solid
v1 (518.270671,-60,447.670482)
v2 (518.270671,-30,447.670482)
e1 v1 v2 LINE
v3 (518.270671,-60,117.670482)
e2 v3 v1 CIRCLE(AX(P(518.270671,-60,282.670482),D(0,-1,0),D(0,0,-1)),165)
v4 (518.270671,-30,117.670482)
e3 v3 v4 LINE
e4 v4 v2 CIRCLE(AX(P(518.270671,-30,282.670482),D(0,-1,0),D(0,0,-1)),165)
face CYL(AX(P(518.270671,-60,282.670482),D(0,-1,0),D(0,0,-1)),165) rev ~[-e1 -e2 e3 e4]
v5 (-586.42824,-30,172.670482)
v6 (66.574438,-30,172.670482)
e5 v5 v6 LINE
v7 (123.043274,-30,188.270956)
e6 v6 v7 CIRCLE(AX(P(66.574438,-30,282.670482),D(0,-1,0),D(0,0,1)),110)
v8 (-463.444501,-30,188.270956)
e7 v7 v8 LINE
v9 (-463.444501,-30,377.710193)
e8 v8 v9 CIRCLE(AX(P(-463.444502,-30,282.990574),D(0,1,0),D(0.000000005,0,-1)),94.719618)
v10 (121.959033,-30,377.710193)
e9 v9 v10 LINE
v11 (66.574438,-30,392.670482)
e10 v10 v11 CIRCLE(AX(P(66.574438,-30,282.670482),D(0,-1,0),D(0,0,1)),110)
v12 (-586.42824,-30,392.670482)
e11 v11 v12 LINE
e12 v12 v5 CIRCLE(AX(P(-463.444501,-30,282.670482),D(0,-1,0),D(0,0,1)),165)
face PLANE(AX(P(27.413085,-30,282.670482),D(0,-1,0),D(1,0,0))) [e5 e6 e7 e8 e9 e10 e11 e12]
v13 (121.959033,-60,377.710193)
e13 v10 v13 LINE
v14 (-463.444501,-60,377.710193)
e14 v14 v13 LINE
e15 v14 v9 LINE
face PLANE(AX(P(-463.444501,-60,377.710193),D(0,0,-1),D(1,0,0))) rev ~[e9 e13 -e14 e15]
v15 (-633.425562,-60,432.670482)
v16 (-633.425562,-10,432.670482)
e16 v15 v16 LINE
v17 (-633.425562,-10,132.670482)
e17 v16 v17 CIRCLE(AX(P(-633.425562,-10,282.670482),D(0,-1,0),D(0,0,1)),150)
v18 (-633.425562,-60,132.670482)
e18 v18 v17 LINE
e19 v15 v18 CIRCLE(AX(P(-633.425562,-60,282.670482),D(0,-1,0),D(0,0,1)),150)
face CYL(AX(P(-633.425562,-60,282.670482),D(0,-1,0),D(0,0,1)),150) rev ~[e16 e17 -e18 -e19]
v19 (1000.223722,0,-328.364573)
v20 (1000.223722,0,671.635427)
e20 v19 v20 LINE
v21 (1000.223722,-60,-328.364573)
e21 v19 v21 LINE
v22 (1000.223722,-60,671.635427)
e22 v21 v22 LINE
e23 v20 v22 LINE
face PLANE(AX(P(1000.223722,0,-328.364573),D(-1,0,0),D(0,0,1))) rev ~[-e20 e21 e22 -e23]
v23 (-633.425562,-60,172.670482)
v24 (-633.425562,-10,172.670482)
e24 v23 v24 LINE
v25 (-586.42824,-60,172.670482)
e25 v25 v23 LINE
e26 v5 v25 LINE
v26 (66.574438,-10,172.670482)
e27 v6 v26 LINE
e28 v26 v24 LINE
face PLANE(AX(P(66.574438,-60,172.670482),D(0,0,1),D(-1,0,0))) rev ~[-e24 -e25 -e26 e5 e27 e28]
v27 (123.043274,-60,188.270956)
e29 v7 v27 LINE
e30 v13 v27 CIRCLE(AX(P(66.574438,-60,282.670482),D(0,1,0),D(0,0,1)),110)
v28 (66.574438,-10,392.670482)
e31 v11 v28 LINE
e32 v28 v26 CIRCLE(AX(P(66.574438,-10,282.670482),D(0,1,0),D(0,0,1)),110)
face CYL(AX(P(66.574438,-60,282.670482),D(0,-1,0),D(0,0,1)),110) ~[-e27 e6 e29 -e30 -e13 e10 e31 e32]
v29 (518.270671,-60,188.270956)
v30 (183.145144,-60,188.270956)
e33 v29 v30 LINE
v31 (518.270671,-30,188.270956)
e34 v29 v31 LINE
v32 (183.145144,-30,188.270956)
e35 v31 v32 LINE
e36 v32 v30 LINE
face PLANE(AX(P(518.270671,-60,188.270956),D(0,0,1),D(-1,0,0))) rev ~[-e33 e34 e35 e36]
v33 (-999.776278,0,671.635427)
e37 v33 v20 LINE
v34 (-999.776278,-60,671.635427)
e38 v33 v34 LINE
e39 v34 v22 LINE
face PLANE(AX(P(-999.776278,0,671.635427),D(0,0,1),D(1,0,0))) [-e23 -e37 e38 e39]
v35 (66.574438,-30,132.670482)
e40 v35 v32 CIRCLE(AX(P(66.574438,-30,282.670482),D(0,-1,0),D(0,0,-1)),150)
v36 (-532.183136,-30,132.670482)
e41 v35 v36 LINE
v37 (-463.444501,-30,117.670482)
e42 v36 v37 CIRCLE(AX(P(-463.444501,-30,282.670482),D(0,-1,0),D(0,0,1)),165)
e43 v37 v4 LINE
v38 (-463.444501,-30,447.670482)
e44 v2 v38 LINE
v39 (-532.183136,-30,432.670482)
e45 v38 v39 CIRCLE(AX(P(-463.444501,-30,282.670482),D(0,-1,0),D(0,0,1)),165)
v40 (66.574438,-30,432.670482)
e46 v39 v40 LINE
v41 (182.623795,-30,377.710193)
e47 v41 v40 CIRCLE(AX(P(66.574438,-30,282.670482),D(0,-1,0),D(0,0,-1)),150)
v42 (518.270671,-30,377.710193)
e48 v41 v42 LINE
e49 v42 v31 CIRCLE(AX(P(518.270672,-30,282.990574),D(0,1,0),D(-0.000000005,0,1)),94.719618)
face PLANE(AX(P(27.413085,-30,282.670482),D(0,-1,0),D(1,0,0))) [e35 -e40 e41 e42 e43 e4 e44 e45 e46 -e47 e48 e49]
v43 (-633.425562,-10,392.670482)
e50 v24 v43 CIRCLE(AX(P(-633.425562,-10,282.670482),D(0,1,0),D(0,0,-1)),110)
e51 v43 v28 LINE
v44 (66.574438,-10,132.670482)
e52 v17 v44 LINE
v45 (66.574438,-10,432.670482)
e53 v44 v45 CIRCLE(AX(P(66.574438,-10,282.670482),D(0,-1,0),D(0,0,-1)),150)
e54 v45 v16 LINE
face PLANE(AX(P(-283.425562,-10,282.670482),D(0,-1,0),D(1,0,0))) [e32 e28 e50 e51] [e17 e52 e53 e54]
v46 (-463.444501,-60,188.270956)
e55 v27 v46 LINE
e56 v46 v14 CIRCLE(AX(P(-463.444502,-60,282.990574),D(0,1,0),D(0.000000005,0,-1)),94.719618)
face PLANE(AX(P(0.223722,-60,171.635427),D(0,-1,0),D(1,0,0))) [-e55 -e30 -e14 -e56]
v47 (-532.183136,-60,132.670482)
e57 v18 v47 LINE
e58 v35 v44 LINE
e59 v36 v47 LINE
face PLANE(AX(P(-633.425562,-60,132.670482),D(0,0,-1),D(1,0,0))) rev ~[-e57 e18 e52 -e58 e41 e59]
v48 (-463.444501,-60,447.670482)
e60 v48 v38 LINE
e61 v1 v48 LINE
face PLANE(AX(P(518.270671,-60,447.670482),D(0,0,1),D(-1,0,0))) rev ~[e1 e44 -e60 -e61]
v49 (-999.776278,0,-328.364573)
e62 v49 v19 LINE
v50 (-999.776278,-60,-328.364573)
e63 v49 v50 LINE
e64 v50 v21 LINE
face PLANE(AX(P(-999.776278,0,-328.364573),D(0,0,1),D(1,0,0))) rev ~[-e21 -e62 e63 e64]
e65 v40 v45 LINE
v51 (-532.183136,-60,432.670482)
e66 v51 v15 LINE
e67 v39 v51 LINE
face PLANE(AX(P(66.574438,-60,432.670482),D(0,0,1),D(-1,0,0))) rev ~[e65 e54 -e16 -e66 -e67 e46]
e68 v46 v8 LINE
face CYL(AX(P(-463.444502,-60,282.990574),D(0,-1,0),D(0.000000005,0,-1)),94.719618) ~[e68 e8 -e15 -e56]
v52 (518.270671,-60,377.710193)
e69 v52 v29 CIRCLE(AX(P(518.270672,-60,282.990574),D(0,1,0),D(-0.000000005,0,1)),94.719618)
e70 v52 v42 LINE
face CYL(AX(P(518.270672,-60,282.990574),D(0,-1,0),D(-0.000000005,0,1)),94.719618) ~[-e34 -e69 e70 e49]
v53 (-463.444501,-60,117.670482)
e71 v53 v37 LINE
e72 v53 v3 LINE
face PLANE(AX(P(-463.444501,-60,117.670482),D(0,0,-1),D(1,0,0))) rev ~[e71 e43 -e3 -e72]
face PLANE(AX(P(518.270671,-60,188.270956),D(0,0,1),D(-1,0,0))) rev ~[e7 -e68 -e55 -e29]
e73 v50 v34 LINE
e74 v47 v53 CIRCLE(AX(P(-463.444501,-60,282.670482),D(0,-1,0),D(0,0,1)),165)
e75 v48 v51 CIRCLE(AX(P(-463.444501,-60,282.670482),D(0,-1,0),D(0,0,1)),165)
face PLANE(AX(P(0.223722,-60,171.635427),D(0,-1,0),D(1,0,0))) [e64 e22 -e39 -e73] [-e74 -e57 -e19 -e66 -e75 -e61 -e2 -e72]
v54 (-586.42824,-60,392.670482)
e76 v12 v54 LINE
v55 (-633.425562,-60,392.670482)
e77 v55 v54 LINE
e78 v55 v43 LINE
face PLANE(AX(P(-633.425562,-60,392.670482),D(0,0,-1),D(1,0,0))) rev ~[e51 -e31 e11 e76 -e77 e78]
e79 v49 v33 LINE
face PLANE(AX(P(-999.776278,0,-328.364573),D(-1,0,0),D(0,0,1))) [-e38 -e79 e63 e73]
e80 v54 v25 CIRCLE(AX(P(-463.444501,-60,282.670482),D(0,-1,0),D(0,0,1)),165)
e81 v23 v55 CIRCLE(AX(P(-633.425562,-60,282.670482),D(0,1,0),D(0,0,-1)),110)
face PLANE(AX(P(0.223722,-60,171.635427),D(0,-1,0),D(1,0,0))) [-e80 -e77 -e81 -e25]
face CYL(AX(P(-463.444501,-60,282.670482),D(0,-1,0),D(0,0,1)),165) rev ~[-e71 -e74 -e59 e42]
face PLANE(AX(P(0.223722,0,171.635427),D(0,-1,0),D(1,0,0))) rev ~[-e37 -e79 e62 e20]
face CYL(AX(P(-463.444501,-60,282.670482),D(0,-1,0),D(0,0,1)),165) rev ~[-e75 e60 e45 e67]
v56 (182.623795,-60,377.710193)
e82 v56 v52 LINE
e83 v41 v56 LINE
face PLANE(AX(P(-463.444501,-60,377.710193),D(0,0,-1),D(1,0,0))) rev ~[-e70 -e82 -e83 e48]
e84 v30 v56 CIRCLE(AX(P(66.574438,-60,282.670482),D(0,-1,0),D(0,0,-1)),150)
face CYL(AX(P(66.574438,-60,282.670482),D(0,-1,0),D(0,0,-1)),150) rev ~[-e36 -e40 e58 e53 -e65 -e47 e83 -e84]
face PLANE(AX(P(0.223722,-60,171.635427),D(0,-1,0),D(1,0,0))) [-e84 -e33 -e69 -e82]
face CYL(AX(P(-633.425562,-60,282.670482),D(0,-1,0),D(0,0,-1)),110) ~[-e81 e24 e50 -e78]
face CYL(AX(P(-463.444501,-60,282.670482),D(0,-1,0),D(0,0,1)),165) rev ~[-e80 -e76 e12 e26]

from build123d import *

# Parameters (mm, degrees)
F0_W     = 2000
F0_H     = 1000
F1_DEPTH = 60
F3_DEPTH = 50
F5_DEPTH = 30


with BuildPart() as f1:
    # F0 (on Front) → F1 (new body)
    with BuildSketch(Plane.XZ):
        with Locations((0.223722, 171.635427)):
            Rectangle(F0_W, F0_H)
    extrude(amount=F1_DEPTH)

    # F2 (on face) → F3 (cut)
    with BuildSketch(Plane.XZ.offset(60)):
        with BuildLine():
            Line((66.574438, 432.670482), (-633.425562, 432.670482))
            ThreePointArc((-633.425562, 432.670482), (-783.425562, 282.670482), (-633.425562, 132.670482))
            Line((-633.425562, 132.670482), (66.574438, 132.670482))
            ThreePointArc((66.574438, 132.670482), (216.574438, 282.670482), (66.574438, 432.670482))
        make_face()
        with BuildLine():
            ThreePointArc((-633.425562, 172.670482), (-743.425562, 282.670482), (-633.425562, 392.670482))
            Line((-633.425562, 392.670482), (66.574438, 392.670482))
            ThreePointArc((66.574438, 392.670482), (176.574438, 282.670482), (66.574438, 172.670482))
            Line((66.574438, 172.670482), (-633.425562, 172.670482))
        make_face(mode=Mode.SUBTRACT)
    extrude(amount=-F3_DEPTH, mode=Mode.SUBTRACT)

    # F4 (on face) → F5 (cut)
    with BuildSketch(Plane.XZ.offset(60)):
        with BuildLine():
            Line((518.270671, 447.670482), (-463.444501, 447.670482))
            ThreePointArc((-463.444501, 447.670482), (-628.444501, 282.670482), (-463.444501, 117.670482))
            Line((-463.444501, 117.670482), (518.270671, 117.670482))
            ThreePointArc((518.270671, 117.670482), (683.270671, 282.670482), (518.270671, 447.670482))
        make_face()
        with BuildLine():
            ThreePointArc((-463.444501, 188.270956), (-558.16412, 282.990575), (-463.444501, 377.710193))
            Line((-463.444501, 377.710193), (518.270671, 377.710193))
            ThreePointArc((518.270671, 377.710193), (612.99029, 282.990575), (518.270671, 188.270956))
            Line((518.270671, 188.270956), (-463.444501, 188.270956))
        make_face(mode=Mode.SUBTRACT)
    extrude(amount=-F5_DEPTH, mode=Mode.SUBTRACT)


solid = f1.part
